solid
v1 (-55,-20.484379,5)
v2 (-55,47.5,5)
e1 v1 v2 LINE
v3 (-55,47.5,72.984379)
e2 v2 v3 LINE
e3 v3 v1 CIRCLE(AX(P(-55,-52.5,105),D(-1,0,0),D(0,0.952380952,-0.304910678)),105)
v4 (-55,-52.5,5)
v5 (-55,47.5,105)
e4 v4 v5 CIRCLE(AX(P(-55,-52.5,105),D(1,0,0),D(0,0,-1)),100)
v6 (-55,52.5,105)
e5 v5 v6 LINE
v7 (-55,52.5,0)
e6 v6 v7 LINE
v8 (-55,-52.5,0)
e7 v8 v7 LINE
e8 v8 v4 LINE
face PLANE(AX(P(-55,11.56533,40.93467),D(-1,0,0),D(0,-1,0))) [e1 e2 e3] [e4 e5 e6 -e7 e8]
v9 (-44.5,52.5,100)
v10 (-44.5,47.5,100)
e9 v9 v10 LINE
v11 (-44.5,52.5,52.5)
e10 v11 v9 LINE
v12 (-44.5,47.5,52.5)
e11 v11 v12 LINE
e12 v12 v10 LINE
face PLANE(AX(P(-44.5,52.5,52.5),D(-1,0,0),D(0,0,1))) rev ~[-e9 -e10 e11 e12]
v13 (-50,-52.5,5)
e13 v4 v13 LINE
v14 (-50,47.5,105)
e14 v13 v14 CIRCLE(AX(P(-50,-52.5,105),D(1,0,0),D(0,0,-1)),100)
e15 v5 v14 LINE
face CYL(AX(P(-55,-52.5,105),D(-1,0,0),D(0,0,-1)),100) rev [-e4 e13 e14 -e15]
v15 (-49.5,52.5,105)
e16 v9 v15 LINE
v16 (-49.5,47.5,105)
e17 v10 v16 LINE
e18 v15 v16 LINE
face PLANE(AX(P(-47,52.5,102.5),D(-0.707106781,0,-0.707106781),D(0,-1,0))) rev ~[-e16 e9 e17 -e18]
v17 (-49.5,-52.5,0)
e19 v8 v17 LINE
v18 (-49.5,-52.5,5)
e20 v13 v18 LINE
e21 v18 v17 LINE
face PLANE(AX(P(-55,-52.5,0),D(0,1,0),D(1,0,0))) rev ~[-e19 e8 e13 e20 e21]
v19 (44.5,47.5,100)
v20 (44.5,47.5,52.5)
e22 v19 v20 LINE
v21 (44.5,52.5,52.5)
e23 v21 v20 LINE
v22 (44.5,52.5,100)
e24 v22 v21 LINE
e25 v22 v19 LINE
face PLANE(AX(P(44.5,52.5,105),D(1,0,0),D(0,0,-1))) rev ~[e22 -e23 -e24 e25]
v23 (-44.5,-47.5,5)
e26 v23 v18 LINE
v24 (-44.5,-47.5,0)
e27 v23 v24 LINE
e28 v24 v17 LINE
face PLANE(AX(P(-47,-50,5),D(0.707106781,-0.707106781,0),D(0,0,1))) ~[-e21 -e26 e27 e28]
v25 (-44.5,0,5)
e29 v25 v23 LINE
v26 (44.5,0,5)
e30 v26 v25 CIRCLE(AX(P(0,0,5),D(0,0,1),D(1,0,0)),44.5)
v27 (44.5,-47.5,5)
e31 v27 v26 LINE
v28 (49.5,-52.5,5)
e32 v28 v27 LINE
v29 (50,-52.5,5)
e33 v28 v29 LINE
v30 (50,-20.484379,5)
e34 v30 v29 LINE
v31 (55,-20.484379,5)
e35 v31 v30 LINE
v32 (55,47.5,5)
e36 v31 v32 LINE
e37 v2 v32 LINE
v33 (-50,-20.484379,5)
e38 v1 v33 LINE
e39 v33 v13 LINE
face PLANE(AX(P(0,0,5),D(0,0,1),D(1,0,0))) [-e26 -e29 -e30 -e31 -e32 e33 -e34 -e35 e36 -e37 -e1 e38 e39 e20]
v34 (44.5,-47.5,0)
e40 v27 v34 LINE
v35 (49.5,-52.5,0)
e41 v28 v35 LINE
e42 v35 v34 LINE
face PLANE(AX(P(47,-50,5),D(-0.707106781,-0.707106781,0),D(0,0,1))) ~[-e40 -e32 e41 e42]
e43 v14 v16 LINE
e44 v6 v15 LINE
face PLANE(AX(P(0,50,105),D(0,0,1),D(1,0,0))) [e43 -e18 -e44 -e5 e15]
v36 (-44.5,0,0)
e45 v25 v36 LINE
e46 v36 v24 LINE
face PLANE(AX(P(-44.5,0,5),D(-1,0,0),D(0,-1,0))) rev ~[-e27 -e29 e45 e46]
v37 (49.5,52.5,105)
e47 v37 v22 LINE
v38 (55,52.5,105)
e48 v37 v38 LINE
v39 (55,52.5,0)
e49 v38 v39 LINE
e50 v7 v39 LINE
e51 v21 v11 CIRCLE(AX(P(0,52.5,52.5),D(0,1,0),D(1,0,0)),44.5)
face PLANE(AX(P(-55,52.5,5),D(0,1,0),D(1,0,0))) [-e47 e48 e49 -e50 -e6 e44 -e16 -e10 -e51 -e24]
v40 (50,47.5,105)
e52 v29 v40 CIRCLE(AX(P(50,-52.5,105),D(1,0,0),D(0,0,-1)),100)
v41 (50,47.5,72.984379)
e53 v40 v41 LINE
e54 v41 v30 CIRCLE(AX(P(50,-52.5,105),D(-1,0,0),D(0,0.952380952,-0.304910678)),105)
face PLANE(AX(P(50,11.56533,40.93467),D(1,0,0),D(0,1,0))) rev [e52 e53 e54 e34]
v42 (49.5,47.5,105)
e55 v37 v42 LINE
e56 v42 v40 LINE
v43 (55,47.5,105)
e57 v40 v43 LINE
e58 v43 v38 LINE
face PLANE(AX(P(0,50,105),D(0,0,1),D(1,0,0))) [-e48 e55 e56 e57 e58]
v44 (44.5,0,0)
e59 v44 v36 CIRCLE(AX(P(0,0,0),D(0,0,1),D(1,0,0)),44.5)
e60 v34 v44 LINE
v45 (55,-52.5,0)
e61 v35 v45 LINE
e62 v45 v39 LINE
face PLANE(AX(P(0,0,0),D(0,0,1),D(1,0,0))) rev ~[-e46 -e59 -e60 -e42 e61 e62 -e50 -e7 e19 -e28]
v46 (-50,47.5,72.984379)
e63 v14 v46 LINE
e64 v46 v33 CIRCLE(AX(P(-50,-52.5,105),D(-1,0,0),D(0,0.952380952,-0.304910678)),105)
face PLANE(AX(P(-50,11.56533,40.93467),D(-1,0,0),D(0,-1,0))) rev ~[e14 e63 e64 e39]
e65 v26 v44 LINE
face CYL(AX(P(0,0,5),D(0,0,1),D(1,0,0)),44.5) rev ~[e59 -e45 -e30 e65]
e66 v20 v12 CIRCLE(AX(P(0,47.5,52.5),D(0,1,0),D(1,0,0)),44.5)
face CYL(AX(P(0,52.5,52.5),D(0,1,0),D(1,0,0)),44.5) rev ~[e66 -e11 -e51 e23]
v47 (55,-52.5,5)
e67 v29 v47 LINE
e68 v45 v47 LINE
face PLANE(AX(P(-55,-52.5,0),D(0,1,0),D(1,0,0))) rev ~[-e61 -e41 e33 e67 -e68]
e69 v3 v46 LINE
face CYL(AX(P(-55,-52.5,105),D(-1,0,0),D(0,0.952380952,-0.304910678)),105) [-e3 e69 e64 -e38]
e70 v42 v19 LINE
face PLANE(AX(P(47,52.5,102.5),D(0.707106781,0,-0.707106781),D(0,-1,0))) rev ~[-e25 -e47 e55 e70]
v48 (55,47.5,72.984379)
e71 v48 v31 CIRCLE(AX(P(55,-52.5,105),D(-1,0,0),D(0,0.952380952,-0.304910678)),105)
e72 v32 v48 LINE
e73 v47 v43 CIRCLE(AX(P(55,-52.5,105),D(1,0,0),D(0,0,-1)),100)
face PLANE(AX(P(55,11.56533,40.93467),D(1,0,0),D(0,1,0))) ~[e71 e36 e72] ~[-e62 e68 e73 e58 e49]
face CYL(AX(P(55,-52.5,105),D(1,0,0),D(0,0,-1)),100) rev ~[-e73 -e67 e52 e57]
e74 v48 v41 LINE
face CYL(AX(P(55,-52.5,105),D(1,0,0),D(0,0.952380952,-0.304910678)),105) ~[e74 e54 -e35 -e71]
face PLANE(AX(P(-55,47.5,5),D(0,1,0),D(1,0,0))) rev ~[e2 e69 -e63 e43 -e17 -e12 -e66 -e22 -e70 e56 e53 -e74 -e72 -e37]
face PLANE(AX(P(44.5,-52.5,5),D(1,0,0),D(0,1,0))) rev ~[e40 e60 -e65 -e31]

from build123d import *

# Parameters (mm, degrees)
F0_W      = 110
F0_H      = 105
F1_DEPTH  = 5
F2_W      = 110
F2_H      = 5
F3_DEPTH  = 100
F5_DEPTH  = 5
F8_DEPTH  = 5.001
F10_DEPTH = 105.001
F11_SIZE  = 5


with BuildPart() as f1:
    # F0 (on Top) → F1 (new body)
    with BuildSketch(Plane.XY):
        Rectangle(F0_W, F0_H)
    extrude(amount=F1_DEPTH)

    # F2 (on face) → F3 (join)
    with BuildSketch(Plane.XY.offset(5)):
        with Locations((0, 50)):
            Rectangle(F2_W, F2_H)
    extrude(amount=F3_DEPTH)

    # F4 (on face) → F5 (join)
    with BuildSketch(Plane(origin=(-55, 0, 0), x_dir=(0, -1, 0), z_dir=(-1, 0, 0))):
        with BuildLine():
            ThreePointArc((52.5, 5), (-18.2106781187, 34.2893218813), (-47.5, 105))
            Line((-47.5, 105), (-47.5, 72.9843788128))
            ThreePointArc((-47.5, 72.9843788128), (-21.7462120246, 30.7537879754), (20.4843788128, 5))
            Line((20.4843788128, 5), (52.5, 5))
        make_face()
    extrude(amount=-F5_DEPTH)

    # F6: F1 across plane


with BuildPart() as f1_1:
    add(f1.part)
    add(f1.part.mirror(Plane.YZ))

    # F7 (on face) → F8 (cut, through all)
    with BuildSketch(Plane.XY.offset(5)):
        with BuildLine():
            Line((44.5, -52.5), (44.5, 0))
            ThreePointArc((44.5, 0), (0, 44.5), (-44.5, 0))
            Line((-44.5, 0), (-44.5, -52.5))
            Line((-44.5, -52.5), (44.5, -52.5))
        make_face()
    extrude(amount=-F8_DEPTH, mode=Mode.SUBTRACT)

    # F9 (on face) → F10 (cut, through all)
    with BuildSketch(Plane(origin=(0, 52.5, 0), x_dir=(-1, 0, 0), z_dir=(0, 1, 0))):
        with BuildLine():
            Line((-44.5, 105), (-44.5, 52.5))
            ThreePointArc((-44.5, 52.5), (0, 8), (44.5, 52.5))
            Line((44.5, 52.5), (44.5, 105))
            Line((44.5, 105), (-44.5, 105))
        make_face()
    extrude(amount=-F10_DEPTH, mode=Mode.SUBTRACT)

    # F11
    f11_edges = [f1_1.edges().sort_by_distance(p)[0] for p in [
        (44.5, 50, 105),
        (-44.5, 50, 105),
        (44.5, -52.5, 2.5),
        (-44.5, -52.5, 2.5),
    ]]
    chamfer(f11_edges, length=F11_SIZE)


solid = f1_1.part
